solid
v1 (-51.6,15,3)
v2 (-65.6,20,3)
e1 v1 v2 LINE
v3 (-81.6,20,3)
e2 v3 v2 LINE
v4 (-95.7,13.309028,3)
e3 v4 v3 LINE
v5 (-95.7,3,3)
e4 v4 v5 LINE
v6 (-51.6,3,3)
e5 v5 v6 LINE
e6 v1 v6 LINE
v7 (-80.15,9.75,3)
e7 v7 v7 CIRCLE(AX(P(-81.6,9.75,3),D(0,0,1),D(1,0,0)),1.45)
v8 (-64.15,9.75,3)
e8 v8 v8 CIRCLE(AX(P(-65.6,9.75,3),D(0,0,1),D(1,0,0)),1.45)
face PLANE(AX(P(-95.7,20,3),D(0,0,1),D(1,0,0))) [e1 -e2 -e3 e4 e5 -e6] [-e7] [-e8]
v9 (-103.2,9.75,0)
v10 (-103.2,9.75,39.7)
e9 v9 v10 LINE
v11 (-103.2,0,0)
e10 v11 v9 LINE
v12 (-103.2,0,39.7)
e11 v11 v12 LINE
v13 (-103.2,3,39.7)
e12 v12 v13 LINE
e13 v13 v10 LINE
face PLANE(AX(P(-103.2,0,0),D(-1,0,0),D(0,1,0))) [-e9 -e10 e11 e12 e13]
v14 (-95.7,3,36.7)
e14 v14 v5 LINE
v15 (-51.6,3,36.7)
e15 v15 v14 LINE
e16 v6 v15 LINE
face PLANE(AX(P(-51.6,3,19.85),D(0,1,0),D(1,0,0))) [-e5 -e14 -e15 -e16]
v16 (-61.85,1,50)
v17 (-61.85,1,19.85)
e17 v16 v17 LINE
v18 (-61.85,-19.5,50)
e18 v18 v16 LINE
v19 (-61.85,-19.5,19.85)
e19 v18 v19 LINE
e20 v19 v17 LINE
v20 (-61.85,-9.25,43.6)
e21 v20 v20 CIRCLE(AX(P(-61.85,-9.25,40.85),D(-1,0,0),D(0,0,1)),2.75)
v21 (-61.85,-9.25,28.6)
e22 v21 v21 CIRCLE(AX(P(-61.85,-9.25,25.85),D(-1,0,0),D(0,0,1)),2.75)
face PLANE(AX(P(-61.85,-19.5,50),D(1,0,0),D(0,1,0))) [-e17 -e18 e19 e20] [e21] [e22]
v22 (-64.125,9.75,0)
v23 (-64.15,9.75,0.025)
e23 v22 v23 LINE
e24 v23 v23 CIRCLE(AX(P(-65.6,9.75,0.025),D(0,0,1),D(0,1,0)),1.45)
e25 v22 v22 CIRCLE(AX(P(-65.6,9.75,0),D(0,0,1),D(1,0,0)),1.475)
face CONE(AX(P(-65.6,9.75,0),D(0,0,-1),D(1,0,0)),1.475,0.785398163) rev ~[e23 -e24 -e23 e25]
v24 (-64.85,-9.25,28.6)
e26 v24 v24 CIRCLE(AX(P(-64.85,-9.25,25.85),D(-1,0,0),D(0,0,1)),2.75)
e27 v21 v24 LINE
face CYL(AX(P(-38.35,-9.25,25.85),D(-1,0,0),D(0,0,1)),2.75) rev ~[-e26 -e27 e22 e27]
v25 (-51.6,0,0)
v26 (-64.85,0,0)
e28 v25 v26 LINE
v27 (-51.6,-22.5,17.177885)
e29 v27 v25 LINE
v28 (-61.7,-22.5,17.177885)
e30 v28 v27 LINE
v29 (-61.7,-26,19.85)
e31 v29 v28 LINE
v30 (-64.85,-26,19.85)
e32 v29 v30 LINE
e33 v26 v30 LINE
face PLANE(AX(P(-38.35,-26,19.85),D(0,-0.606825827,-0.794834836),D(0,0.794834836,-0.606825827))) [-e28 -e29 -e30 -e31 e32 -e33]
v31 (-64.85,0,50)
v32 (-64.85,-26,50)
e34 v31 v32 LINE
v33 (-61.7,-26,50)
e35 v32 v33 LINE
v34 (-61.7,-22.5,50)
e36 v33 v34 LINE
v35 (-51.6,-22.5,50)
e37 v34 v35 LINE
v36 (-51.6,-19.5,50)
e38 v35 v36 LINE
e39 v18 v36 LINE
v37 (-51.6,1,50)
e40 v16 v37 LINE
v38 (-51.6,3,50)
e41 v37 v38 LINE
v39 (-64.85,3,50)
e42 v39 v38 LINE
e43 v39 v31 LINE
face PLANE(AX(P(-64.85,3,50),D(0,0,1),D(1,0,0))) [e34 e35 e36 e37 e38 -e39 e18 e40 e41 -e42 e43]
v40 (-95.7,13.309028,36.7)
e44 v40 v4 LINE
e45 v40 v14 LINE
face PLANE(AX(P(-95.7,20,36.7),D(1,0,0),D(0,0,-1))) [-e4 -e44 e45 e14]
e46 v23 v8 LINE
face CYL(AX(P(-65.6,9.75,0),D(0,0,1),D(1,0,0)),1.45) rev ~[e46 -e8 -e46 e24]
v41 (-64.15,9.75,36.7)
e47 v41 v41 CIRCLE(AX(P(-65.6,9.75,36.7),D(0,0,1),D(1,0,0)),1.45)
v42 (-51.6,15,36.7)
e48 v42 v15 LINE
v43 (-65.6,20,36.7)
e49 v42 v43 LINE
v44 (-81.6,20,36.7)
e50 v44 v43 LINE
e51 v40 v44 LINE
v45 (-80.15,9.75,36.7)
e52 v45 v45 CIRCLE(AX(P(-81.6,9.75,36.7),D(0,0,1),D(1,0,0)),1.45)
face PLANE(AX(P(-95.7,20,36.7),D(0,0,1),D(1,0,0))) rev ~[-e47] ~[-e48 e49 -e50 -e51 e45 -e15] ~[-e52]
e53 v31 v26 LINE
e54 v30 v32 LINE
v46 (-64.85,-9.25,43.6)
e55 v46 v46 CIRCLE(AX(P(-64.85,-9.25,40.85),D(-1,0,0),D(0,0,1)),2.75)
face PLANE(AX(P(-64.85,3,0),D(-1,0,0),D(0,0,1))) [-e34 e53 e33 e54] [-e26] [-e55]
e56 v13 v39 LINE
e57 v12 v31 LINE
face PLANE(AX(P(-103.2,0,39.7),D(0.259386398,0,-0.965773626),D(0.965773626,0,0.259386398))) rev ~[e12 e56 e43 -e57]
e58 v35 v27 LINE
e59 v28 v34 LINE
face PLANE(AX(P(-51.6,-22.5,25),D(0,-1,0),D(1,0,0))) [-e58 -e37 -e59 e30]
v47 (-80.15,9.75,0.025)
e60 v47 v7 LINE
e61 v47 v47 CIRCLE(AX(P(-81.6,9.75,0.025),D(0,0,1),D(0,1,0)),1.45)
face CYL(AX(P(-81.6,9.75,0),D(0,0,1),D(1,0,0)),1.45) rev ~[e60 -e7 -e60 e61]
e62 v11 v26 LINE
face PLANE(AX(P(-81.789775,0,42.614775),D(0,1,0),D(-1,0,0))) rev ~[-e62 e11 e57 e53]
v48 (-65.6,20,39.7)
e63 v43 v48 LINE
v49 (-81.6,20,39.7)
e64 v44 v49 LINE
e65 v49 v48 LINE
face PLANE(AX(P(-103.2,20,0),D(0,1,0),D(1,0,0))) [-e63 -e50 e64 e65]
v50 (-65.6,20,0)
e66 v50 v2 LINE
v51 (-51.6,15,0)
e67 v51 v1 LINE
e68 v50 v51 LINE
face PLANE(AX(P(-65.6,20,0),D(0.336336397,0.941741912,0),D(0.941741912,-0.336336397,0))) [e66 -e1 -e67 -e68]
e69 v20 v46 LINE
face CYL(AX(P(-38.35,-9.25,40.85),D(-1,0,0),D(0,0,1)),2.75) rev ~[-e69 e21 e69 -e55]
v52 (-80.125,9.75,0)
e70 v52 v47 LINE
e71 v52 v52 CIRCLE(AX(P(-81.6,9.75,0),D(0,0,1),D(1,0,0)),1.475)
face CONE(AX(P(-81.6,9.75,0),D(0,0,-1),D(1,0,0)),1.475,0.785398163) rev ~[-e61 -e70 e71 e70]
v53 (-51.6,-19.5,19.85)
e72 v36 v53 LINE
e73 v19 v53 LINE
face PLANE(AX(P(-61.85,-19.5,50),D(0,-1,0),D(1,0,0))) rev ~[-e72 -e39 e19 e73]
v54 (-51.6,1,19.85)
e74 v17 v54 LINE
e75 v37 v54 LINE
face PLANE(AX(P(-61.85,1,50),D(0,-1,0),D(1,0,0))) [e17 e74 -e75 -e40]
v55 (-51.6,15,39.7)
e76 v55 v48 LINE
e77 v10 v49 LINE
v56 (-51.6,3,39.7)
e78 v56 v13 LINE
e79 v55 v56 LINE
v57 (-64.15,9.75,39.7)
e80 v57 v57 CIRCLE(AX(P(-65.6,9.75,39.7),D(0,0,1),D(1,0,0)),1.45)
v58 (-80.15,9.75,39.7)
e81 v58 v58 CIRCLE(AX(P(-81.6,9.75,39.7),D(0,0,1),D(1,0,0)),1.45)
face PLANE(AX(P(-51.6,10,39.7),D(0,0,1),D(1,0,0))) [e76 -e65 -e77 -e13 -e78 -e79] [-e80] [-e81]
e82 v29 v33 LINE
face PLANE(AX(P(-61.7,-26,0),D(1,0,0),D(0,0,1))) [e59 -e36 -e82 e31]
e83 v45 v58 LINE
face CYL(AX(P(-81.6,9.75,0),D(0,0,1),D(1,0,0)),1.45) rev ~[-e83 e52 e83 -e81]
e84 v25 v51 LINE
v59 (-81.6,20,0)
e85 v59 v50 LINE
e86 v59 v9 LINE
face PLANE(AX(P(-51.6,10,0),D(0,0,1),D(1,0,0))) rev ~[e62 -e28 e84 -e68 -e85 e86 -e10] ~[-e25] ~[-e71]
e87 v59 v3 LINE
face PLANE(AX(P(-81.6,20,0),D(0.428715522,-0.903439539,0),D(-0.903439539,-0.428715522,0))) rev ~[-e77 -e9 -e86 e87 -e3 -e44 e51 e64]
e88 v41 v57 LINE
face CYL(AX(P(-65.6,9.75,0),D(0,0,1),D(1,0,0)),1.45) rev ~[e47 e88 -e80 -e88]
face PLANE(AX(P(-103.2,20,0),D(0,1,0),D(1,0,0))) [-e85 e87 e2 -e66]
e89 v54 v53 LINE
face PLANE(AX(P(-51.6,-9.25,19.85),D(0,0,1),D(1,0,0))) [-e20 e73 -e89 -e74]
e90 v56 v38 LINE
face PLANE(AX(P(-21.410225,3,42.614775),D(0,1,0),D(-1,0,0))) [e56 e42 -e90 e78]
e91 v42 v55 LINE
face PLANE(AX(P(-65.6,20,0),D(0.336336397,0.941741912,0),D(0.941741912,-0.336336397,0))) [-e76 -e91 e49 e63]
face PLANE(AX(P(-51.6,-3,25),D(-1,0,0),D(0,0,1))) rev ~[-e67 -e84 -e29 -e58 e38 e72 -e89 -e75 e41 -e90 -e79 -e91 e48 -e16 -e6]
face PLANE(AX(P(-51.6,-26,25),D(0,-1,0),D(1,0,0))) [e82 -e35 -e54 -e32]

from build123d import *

# Parameters (mm, degrees)
SKETCH_1_W                     = 103.2
SKETCH_1_H                     = 20
EXTRUDE_1_DEPTH                = 39.7
SKETCH_2_W                     = 88.2
SKETCH_2_H                     = 33.7
CUT_EXTRUDE_1_DEPTH            = 17
EXTRUDE_START                  = -3
SKETCH_3_W                     = 26.5
SKETCH_3_H                     = 50
EXTRUDE_2_DEPTH                = 29
SKETCH_21_W                    = 20.5
SKETCH_21_H                    = 20.5
CUT_EXTRUDE_11_DEPTH           = 30.15
SKETCH_22_W                    = 20.2
SKETCH_22_H                    = 50
CUT_EXTRUDE_12_DEPTH           = 3.5
CUT_EXTRUDE_14_DEPTH           = 65.85
EXTRUDE_4_DEPTH                = 3
HOLE_WIZARD_M2_5_1_D           = 2.9
HOLE_WIZARD_M2_5_1_CSINK_D     = 2.95
HOLE_WIZARD_M2_5_1_CSINK_ANGLE = 90
HOLE_WIZARD_M5_2_D             = 5.5
HOLE_WIZARD_M5_2_CSINK_D       = 5.55
HOLE_WIZARD_M5_2_CSINK_ANGLE   = 90
CUT_EXTRUDE_19_DEPTH           = 51
SKETCH_36_W                    = 50
SKETCH_36_H                    = 46
CUT_EXTRUDE_20_DEPTH           = 51.6


with BuildPart() as part:
    # 草图1 → 凸台-拉伸1 (new body)
    with BuildSketch(Plane.XY):
        with Locations((-51.6, 10)):
            Rectangle(SKETCH_1_W, SKETCH_1_H)
    extrude(amount=EXTRUDE_1_DEPTH)

    # 草图2 → 切除-拉伸1 (cut)
    with BuildSketch(Plane(origin=(0, 20, 0), x_dir=(1, 0, 0), z_dir=(0, 1, 0))):
        with Locations((-51.6, -19.85)):
            Rectangle(SKETCH_2_W, SKETCH_2_H)
    extrude(amount=-CUT_EXTRUDE_1_DEPTH, mode=Mode.SUBTRACT)

    # 草图3 → 凸台-拉伸2 (add)
    with BuildSketch(Plane.XZ.offset(EXTRUDE_START)):
        with Locations((-51.6, 25)):
            Rectangle(SKETCH_3_W, SKETCH_3_H)
    extrude(amount=EXTRUDE_2_DEPTH)

    # 草图21 → 切除-拉伸11 (cut)
    with BuildSketch(Plane.XY.offset(50)):
        with Locations((-51.6, -9.25)):
            Rectangle(SKETCH_21_W, SKETCH_21_H)
    extrude(amount=-CUT_EXTRUDE_11_DEPTH, mode=Mode.SUBTRACT)

    # 草图22 → 切除-拉伸12 (cut)
    with BuildSketch(Plane.XZ.offset(26)):
        with Locations((-51.6, 25)):
            Rectangle(SKETCH_22_W, SKETCH_22_H)
    extrude(amount=-CUT_EXTRUDE_12_DEPTH, mode=Mode.SUBTRACT)

    # 草图24 → 切除-拉伸14 (cut, through all)
    with BuildSketch(Plane(origin=(-38.35, 0, 0), x_dir=(0, 0, -1), z_dir=(1, 0, 0))):
        Polygon((0, 0), (0, -26), (-19.85, -26), align=None)
    extrude(amount=-CUT_EXTRUDE_14_DEPTH, mode=Mode.SUBTRACT)

    # 草图25 → 凸台-拉伸4 (add)
    with BuildSketch(Plane.XZ):
        Polygon((-38.35, 39.7), (-38.35, 50), (0, 39.7), align=None)
        Polygon((-64.85, 39.7), (-103.2, 39.7), (-64.85, 50), align=None)
    extrude(amount=-EXTRUDE_4_DEPTH)

    # M2.5 间隙孔1 (through all)
    with Locations(Plane(origin=(0, 0, 0), x_dir=(-1, 0, 0), z_dir=(0, 0, -1))):
        with Locations((81.6, 9.75), (37.6, 9.75), (21.6, 9.75), (65.6, 9.75)):
            CounterSinkHole(HOLE_WIZARD_M2_5_1_D / 2, HOLE_WIZARD_M2_5_1_CSINK_D / 2, counter_sink_angle=HOLE_WIZARD_M2_5_1_CSINK_ANGLE)

    # M5 间隙孔2 (through all)
    with Locations(Plane(origin=(-38.35, 0, 0), x_dir=(0, 0, -1), z_dir=(1, 0, 0))):
        with Locations((-40.85, -9.25), (-25.85, -9.25)):
            CounterSinkHole(HOLE_WIZARD_M5_2_D / 2, HOLE_WIZARD_M5_2_CSINK_D / 2, counter_sink_angle=HOLE_WIZARD_M5_2_CSINK_ANGLE)

    # 草图35 → 切除-拉伸19 (cut, through all)
    with BuildSketch(Plane(origin=(0, 0, 0), x_dir=(-1, 0, 0), z_dir=(0, 0, -1))):
        Polygon((103.2, 20), (81.6, 20), (103.2, 9.75), align=None)
        Polygon((0, 20), (0, 9.75), (21.6, 20), align=None)
        Polygon((65.6, 20), (51.6, 15), (37.6, 20), align=None)
    extrude(amount=-CUT_EXTRUDE_19_DEPTH, mode=Mode.SUBTRACT)

    # 草图36 → 切除-拉伸20 (cut)
    with BuildSketch(Plane.ZY.offset(51.6)):
        with Locations((25, -3)):
            Rectangle(SKETCH_36_W, SKETCH_36_H)
    extrude(amount=-CUT_EXTRUDE_20_DEPTH, mode=Mode.SUBTRACT)


solid = part.part
